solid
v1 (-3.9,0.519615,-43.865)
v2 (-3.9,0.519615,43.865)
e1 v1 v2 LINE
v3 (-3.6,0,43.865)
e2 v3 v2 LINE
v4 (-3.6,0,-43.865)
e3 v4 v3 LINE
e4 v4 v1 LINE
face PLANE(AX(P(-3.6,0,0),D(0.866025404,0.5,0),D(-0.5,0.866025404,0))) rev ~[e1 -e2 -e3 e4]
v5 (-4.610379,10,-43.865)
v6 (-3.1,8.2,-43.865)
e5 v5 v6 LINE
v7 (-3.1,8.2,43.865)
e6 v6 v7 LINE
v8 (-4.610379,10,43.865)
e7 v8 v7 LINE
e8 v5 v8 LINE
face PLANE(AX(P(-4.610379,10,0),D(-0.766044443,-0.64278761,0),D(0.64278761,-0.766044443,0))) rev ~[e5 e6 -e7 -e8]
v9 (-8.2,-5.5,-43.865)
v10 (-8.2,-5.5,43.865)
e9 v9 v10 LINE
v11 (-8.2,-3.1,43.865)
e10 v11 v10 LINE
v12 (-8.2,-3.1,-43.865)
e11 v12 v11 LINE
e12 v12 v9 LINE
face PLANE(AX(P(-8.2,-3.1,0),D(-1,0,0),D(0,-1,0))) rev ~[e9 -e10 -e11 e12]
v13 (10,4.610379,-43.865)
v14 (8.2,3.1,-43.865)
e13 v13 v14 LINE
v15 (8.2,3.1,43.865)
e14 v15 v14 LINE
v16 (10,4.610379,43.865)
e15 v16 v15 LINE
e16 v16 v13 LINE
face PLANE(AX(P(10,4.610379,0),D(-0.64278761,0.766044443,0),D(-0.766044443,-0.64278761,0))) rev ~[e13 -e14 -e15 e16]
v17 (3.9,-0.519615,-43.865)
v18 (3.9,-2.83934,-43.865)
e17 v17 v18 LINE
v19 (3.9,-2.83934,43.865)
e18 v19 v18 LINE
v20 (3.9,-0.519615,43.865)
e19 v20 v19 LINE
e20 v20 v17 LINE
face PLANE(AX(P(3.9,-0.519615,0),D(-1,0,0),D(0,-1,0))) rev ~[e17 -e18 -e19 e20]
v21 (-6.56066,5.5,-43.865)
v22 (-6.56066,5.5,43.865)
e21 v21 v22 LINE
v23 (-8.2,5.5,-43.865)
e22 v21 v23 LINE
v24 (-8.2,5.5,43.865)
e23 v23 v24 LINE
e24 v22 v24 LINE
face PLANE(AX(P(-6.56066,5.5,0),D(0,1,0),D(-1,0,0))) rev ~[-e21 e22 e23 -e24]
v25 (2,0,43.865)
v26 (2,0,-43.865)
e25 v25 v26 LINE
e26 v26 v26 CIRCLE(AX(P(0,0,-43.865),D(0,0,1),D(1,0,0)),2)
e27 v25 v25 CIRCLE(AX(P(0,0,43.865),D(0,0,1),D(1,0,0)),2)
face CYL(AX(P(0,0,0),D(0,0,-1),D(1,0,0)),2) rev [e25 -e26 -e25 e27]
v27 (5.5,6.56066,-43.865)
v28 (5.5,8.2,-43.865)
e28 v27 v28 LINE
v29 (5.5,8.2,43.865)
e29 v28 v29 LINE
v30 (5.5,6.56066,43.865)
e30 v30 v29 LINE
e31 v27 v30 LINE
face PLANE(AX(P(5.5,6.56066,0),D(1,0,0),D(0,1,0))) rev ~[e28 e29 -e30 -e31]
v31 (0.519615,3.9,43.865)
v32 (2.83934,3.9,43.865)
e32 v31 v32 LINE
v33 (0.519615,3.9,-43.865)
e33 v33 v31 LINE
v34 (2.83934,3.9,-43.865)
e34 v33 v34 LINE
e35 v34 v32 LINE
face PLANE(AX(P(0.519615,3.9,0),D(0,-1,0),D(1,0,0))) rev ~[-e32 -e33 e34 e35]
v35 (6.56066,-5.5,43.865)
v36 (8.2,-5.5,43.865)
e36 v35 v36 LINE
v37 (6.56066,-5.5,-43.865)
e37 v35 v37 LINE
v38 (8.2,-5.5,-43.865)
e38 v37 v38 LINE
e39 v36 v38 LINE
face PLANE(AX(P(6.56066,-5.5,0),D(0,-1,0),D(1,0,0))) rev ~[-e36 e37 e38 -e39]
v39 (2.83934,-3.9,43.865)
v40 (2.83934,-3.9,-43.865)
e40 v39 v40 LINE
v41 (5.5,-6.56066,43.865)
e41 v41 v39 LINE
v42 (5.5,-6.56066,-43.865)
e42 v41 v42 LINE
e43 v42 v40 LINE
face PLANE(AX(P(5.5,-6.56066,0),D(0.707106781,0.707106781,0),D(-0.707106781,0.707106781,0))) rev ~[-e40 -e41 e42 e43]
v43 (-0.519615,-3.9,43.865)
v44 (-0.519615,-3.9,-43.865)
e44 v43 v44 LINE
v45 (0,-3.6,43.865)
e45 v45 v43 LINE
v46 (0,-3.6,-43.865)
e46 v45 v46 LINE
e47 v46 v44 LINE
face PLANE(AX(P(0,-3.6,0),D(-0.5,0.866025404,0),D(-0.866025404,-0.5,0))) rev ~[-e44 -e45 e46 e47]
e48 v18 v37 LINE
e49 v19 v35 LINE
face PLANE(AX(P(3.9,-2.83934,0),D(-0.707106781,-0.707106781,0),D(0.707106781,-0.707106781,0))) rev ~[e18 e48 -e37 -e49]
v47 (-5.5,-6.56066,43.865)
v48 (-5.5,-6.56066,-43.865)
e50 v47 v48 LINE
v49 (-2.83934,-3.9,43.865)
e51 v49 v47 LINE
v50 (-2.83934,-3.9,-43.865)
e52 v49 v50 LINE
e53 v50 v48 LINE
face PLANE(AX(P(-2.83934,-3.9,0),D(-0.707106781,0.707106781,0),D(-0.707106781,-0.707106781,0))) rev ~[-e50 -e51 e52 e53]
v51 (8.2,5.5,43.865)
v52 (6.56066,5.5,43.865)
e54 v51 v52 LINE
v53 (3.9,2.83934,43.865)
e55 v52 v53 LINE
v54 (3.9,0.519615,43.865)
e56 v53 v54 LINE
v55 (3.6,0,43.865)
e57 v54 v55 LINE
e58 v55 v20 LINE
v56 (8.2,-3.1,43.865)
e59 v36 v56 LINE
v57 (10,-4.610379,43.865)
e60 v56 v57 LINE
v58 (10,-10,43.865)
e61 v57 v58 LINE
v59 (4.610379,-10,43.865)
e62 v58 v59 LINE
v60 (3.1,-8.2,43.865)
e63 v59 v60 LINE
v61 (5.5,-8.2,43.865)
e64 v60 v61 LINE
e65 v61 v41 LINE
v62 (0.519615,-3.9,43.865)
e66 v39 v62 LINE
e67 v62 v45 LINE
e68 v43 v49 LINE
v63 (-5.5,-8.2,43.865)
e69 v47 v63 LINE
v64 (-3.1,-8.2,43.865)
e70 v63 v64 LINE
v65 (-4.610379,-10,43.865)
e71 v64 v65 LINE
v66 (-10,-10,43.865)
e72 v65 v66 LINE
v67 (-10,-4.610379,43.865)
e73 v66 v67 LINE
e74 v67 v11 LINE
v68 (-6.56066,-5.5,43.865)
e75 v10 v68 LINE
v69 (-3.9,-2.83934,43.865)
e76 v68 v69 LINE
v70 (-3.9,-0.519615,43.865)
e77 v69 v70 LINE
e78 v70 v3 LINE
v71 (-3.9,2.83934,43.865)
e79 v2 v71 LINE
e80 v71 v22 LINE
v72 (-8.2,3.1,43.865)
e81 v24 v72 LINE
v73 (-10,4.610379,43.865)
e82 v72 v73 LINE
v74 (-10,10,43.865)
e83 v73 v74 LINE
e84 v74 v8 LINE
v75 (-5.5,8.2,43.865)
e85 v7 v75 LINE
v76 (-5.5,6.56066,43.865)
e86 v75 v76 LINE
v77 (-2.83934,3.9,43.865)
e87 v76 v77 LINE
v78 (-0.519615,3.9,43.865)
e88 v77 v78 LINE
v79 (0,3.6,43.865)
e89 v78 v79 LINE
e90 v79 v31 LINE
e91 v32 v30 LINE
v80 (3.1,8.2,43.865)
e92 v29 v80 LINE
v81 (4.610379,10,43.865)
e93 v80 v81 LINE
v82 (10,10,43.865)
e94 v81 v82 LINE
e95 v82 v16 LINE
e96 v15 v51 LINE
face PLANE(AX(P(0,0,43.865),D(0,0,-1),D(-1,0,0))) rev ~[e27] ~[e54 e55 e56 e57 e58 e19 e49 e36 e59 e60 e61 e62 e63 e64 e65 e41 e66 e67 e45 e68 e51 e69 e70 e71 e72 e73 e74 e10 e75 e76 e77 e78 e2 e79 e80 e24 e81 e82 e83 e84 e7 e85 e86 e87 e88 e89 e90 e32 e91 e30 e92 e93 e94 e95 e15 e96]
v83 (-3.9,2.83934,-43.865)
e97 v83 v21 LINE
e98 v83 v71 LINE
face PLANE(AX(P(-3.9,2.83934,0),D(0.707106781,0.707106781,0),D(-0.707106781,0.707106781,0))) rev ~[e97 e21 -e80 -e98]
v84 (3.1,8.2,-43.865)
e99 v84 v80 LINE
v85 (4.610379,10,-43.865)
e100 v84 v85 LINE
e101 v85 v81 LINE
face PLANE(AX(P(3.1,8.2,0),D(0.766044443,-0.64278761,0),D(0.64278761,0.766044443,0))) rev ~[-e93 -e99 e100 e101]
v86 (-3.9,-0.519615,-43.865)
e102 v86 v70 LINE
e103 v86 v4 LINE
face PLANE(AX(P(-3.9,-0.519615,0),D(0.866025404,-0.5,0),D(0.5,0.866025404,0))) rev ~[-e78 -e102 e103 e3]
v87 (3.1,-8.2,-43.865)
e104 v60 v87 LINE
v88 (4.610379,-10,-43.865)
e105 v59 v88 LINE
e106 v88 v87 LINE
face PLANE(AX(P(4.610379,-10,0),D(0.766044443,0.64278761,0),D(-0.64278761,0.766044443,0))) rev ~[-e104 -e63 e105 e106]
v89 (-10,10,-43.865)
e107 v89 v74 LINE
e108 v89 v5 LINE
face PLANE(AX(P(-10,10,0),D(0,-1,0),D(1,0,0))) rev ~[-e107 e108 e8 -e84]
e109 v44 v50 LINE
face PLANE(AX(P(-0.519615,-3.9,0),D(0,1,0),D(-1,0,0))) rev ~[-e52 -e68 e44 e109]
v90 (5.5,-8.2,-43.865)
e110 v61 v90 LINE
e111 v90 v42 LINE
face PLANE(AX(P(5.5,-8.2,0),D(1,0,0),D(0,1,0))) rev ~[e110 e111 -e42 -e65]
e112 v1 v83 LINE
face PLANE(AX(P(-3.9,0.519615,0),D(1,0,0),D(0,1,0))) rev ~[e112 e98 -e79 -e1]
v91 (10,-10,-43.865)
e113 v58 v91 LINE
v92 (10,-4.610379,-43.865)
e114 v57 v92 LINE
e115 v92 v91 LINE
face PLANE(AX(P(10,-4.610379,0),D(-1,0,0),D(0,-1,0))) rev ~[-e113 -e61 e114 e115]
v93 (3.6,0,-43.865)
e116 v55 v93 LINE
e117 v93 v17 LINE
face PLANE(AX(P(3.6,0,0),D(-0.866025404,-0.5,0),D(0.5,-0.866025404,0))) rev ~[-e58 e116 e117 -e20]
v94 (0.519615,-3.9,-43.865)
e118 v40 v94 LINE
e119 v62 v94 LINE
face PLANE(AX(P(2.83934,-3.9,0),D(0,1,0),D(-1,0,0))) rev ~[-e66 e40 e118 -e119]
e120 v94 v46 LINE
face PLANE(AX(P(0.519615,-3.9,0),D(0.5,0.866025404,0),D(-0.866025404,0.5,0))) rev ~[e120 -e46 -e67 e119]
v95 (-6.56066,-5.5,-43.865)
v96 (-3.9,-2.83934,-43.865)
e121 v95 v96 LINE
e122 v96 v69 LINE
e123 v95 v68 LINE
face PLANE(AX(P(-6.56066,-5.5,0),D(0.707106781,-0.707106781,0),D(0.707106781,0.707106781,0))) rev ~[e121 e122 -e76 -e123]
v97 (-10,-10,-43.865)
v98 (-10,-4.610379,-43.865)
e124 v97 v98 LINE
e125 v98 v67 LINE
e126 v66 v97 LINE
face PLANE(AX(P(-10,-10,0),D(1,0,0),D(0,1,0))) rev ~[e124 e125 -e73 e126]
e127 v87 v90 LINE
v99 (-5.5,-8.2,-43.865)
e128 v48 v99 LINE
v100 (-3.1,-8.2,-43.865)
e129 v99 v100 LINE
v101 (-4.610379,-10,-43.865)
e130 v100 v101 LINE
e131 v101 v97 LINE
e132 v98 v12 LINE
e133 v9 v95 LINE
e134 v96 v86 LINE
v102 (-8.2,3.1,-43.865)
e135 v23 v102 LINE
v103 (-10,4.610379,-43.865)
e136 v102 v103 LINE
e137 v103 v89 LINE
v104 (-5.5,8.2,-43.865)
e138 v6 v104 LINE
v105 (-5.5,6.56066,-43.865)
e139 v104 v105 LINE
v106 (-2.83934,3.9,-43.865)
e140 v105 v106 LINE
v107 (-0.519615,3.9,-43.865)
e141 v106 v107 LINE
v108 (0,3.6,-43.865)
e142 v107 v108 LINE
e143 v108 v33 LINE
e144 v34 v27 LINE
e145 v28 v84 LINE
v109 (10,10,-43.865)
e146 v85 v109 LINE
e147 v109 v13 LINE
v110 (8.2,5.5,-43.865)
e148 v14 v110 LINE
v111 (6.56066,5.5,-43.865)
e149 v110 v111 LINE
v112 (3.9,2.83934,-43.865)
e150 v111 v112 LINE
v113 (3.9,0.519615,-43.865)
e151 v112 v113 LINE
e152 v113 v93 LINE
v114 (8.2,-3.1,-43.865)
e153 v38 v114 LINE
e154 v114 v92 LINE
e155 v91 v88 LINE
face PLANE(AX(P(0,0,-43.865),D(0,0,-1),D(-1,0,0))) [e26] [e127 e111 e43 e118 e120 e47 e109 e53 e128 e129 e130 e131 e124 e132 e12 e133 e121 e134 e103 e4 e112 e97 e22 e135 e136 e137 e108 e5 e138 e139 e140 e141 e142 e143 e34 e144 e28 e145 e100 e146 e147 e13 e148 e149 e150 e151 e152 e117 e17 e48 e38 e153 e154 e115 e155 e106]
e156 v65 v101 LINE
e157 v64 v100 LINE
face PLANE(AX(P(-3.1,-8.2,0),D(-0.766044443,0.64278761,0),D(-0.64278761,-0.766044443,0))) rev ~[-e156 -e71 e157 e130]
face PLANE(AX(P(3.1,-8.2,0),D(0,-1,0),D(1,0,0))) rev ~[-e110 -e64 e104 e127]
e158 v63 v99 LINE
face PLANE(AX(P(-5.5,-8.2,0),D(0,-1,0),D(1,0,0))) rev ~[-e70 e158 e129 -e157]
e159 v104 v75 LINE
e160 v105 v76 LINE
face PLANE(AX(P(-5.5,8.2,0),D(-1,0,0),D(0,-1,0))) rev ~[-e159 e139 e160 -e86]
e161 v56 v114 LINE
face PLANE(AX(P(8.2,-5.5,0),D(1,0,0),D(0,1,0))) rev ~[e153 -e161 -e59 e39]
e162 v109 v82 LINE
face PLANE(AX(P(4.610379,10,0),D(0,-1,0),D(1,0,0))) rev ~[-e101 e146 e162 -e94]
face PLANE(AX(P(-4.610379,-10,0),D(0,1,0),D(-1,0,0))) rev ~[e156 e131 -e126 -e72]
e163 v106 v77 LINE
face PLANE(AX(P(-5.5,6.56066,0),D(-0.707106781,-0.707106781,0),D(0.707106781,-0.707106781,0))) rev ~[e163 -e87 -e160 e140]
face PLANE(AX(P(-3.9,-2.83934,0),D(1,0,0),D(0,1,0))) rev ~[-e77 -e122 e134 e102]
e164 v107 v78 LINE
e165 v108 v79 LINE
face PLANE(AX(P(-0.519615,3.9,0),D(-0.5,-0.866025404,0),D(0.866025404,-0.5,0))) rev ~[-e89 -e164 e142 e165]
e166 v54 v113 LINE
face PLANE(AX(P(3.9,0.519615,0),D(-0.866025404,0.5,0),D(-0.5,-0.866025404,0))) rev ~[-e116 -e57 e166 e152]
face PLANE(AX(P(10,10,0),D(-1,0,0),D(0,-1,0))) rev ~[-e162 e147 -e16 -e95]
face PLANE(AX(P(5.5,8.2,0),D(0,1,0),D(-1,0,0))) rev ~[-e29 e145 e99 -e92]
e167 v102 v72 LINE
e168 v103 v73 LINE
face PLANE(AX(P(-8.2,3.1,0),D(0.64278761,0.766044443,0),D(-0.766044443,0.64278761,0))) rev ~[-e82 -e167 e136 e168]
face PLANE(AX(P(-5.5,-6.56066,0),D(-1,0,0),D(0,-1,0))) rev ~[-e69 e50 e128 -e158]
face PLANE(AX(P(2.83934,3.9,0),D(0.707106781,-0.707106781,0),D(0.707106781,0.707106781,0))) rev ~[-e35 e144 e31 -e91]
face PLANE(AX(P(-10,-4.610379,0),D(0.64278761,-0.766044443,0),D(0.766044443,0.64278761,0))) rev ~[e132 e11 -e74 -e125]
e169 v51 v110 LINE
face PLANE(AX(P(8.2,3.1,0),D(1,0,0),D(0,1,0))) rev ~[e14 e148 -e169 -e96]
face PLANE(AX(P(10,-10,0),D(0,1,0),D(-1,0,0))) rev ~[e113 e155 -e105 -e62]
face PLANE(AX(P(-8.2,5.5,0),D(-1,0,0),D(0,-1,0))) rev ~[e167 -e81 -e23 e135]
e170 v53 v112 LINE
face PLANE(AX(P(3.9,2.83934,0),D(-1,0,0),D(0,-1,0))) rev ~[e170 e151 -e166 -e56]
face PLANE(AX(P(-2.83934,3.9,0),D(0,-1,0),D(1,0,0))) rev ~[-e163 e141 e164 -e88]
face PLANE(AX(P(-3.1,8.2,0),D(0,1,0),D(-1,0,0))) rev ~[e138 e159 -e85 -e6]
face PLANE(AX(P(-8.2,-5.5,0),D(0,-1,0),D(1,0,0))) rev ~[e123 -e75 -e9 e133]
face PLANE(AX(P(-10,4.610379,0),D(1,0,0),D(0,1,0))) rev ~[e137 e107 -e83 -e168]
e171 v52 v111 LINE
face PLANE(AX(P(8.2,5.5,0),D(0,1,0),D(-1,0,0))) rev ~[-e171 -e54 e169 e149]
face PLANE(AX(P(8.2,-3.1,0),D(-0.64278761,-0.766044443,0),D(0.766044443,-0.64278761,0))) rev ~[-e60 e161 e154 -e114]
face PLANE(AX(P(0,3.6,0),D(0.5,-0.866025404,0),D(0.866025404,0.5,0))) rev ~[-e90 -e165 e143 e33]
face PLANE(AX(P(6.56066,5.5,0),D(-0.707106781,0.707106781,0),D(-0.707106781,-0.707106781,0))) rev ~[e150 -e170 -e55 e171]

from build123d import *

# Parameters (mm, degrees)
SKETCH1_R           = 2
BOSS_EXTRUDE1_DEPTH = 43.865


with BuildPart() as part:
    # Sketch1 → Boss-Extrude1 (new body, symmetric)
    with BuildSketch(Plane.XY):
        Polygon((10, 10), (10, 4.610379336), (8.2, 3.1), (8.2, 5.5), (6.560660172, 5.5), (3.9, 2.839339828), (3.9, 0.519615242), (3.6, 0), (3.9, -0.519615242), (3.9, -2.839339828), (6.560660172, -5.5), (8.2, -5.5), (8.2, -3.1), (10, -4.610379336), (10, -10), (4.610379336, -10), (3.1, -8.2), (5.5, -8.2), (5.5, -6.560660172), (2.839339828, -3.9), (0.519615242, -3.9), (0, -3.6), (-0.519615242, -3.9), (-2.839339828, -3.9), (-5.5, -6.560660172), (-5.5, -8.2), (-3.1, -8.2), (-4.610379336, -10), (-10, -10), (-10, -4.610379336), (-8.2, -3.1), (-8.2, -5.5), (-6.560660172, -5.5), (-3.9, -2.839339828), (-3.9, -0.519615242), (-3.6, 0), (-3.9, 0.519615242), (-3.9, 2.839339828), (-6.560660172, 5.5), (-8.2, 5.5), (-8.2, 3.1), (-10, 4.610379336), (-10, 10), (-4.610379336, 10), (-3.1, 8.2), (-5.5, 8.2), (-5.5, 6.560660172), (-2.839339828, 3.9), (-0.519615242, 3.9), (0, 3.6), (0.519615242, 3.9), (2.839339828, 3.9), (5.5, 6.560660172), (5.5, 8.2), (3.1, 8.2), (4.610379336, 10), align=None)
        Circle(SKETCH1_R, mode=Mode.SUBTRACT)
    extrude(amount=BOSS_EXTRUDE1_DEPTH, both=True)


solid = part.part
